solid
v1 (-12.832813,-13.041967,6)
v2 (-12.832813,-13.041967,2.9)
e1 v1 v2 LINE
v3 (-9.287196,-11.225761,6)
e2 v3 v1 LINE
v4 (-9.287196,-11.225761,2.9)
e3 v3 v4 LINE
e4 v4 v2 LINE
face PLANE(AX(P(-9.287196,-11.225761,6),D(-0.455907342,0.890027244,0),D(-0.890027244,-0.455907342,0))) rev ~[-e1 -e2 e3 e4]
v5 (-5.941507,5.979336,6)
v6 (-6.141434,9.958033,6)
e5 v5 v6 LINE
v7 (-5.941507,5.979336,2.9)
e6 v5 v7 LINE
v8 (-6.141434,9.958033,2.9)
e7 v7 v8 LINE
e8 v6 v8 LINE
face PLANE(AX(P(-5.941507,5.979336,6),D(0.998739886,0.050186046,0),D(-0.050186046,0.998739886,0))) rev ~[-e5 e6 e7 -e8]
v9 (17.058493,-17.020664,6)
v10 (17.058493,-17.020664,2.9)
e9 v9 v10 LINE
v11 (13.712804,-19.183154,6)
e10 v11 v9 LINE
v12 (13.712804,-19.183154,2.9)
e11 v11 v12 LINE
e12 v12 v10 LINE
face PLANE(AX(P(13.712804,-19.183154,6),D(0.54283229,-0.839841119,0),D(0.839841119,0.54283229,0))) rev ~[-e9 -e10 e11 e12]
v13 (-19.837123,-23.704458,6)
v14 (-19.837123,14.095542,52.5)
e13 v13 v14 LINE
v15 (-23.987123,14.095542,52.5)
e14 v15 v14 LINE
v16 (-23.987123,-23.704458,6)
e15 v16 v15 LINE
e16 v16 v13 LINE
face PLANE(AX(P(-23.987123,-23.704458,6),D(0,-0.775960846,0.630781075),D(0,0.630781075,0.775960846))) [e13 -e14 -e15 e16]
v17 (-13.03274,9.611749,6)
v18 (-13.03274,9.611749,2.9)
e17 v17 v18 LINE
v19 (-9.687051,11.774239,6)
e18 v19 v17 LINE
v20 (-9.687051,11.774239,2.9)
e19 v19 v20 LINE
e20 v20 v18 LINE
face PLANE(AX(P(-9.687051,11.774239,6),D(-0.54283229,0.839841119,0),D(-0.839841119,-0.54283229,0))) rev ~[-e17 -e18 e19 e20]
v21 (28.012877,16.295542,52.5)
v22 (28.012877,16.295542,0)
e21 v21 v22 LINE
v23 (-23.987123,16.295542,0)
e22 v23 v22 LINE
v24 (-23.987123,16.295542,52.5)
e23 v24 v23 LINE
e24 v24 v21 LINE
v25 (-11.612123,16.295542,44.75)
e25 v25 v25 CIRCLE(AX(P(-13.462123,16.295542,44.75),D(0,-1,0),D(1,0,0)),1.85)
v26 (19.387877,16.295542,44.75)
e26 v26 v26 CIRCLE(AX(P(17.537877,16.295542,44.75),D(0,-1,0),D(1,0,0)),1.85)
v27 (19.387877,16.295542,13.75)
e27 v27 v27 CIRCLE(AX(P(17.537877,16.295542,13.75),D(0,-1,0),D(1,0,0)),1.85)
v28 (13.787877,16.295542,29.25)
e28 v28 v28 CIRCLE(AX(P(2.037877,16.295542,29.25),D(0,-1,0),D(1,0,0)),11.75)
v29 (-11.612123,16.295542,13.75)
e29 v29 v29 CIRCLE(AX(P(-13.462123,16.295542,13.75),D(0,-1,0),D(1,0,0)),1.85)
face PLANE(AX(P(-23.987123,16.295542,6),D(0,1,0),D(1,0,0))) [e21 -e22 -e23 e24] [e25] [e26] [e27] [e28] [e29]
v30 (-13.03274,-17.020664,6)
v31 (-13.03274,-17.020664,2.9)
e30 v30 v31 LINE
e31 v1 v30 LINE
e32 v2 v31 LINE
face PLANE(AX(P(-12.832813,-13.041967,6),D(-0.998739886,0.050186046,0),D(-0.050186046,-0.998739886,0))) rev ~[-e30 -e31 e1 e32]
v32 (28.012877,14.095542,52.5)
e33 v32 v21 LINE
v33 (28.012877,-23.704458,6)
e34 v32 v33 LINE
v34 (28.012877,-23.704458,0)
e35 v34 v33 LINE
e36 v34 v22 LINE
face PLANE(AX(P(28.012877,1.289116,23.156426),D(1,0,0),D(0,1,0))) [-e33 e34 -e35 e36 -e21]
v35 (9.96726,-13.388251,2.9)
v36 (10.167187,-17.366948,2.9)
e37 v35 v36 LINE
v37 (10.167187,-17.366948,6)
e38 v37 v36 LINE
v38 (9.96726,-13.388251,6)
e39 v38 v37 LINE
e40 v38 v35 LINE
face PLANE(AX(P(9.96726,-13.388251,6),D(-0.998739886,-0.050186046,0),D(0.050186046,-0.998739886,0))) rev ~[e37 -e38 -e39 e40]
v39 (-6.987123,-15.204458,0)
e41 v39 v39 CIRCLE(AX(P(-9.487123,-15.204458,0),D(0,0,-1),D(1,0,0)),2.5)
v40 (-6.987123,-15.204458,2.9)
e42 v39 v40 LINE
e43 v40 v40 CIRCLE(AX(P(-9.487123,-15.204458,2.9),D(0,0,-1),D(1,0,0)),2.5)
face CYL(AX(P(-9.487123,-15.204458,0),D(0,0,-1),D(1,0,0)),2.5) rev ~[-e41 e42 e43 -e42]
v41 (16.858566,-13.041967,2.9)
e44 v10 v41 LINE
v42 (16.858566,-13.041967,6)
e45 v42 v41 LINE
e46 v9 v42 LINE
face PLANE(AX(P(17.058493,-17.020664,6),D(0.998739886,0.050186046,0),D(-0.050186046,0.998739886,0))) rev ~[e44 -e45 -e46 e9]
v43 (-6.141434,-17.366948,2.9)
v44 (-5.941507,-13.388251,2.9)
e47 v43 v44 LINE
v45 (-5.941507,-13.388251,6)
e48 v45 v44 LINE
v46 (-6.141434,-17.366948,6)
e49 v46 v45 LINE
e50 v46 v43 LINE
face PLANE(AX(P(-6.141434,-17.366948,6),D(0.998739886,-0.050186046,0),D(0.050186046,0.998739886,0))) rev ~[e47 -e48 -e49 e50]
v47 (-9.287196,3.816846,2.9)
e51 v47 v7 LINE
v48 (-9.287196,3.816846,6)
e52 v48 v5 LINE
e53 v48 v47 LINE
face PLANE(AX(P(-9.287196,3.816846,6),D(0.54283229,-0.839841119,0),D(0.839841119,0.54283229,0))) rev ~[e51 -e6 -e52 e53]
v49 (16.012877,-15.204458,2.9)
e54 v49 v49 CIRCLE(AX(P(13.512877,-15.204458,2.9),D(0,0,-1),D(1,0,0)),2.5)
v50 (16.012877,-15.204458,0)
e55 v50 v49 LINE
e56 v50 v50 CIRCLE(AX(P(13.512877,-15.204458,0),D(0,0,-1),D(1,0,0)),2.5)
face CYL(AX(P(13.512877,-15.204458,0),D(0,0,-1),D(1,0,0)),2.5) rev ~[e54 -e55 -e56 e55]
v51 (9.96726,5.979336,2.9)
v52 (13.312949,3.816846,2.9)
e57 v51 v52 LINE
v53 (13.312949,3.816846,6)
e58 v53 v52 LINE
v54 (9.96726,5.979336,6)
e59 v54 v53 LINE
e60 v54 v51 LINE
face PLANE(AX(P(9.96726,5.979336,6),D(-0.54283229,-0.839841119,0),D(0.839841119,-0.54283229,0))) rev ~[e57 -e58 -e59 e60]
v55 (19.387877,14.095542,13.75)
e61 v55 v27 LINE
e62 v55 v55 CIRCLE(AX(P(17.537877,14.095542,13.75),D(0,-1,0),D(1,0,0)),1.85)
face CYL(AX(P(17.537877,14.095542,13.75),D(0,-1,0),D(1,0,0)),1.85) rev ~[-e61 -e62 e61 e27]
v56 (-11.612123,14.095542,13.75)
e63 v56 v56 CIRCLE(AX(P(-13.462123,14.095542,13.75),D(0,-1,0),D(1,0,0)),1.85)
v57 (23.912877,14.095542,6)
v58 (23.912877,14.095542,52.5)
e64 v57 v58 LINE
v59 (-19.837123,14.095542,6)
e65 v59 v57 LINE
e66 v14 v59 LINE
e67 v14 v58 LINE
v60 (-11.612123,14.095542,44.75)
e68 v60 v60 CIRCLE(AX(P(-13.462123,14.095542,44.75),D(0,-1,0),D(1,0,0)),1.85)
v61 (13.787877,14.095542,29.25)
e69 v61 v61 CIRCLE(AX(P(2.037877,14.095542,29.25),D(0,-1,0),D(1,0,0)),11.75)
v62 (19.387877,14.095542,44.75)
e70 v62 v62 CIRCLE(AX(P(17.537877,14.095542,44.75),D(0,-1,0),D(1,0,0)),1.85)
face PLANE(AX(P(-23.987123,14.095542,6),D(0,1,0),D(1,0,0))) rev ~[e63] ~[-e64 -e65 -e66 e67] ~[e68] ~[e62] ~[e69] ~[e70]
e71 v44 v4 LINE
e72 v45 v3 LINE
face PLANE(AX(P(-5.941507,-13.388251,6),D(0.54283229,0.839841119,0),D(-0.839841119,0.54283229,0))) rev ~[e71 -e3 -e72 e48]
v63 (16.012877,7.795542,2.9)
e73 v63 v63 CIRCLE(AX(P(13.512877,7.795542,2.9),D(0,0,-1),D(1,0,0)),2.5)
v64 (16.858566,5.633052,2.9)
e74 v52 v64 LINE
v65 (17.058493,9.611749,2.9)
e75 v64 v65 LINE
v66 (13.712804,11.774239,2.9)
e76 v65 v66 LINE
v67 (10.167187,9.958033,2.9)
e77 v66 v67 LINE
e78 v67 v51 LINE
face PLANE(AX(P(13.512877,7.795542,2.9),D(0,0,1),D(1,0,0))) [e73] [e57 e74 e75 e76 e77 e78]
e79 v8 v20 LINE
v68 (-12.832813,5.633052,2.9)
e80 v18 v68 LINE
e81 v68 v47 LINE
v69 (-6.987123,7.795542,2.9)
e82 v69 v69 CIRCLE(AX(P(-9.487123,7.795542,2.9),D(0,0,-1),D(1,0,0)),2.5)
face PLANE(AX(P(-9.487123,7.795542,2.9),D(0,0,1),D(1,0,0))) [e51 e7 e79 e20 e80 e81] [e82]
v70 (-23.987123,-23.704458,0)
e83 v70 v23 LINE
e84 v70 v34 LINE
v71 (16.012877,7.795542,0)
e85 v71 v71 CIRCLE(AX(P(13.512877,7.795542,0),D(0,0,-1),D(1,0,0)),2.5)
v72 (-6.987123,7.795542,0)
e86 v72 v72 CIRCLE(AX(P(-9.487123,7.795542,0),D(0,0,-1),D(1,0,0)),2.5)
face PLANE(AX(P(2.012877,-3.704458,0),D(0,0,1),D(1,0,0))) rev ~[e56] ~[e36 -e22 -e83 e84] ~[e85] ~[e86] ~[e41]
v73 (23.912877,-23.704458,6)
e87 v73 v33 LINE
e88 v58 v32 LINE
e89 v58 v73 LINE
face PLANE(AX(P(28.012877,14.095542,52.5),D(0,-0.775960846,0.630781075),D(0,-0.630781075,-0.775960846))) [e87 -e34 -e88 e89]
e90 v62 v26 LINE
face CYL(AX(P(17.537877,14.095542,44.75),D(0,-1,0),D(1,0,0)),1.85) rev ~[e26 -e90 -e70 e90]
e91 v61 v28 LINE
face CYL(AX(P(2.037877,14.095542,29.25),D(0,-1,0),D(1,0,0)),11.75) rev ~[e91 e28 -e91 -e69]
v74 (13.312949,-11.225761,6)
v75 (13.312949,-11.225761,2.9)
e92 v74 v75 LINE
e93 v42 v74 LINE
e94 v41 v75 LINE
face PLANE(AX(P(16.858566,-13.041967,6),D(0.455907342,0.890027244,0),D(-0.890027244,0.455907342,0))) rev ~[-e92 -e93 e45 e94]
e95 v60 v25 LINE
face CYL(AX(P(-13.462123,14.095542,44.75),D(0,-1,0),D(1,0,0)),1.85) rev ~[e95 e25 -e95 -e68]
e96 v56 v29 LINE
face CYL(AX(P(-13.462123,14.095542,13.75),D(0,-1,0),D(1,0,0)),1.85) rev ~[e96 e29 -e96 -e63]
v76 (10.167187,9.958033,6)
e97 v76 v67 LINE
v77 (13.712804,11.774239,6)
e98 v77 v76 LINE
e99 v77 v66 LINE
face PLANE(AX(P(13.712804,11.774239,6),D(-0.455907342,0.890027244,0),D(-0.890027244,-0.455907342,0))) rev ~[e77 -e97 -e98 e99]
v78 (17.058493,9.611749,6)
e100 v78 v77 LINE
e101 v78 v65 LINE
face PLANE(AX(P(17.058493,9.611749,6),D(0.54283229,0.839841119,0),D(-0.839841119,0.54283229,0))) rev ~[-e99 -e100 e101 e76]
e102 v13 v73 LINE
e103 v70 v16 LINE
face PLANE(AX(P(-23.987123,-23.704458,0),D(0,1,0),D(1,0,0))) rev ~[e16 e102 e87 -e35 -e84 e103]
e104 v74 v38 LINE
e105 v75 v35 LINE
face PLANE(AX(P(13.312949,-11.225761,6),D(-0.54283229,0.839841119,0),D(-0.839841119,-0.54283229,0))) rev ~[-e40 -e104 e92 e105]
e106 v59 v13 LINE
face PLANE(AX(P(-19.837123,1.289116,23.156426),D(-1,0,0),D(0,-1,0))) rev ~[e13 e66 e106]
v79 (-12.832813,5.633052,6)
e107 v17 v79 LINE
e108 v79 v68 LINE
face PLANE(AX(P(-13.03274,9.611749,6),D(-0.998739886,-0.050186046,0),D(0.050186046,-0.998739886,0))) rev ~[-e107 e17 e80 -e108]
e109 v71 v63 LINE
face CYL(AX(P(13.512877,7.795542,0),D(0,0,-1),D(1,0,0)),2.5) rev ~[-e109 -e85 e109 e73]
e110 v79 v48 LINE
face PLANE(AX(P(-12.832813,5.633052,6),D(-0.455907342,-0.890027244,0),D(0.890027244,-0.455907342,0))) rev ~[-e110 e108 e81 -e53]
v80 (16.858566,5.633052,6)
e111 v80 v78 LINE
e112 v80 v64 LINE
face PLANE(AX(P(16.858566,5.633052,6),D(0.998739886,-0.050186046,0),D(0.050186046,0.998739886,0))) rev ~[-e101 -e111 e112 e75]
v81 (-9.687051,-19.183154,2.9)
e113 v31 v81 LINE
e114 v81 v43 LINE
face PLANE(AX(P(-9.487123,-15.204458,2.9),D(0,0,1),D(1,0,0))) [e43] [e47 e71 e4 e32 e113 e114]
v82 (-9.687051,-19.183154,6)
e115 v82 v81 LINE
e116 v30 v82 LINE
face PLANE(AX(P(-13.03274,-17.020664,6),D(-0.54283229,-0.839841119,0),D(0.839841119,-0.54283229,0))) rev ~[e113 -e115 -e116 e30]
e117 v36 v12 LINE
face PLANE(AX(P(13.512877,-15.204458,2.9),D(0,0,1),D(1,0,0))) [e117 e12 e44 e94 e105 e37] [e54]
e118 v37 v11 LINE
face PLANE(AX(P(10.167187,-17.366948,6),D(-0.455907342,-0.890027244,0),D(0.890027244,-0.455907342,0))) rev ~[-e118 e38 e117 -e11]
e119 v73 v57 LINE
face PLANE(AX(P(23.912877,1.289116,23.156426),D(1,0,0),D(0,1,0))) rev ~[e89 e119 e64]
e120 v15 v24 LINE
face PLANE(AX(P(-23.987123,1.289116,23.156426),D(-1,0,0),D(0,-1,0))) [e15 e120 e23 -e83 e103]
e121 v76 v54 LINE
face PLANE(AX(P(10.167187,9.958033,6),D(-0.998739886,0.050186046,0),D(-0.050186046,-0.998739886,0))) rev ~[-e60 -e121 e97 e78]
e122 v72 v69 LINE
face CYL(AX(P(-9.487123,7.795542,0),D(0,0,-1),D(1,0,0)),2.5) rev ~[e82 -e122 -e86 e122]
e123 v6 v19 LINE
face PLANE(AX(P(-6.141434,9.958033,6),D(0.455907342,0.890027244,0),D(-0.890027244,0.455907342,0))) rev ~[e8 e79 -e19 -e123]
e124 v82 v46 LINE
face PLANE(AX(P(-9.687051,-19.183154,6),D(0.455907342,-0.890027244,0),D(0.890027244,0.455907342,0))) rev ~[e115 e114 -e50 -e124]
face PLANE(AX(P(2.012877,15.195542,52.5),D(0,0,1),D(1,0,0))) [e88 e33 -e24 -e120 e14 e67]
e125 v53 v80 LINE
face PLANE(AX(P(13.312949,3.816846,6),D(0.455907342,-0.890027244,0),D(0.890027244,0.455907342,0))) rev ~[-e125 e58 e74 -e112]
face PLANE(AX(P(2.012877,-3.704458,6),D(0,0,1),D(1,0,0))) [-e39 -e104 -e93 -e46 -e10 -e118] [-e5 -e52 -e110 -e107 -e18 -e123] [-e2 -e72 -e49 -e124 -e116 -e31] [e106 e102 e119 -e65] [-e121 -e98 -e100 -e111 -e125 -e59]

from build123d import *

# Parameters (mm, degrees)
F0_W      = 52
F0_H      = 40
F1_DEPTH  = 6
F2_W      = 52
F2_H      = 2.2
F3_DEPTH  = 46.5
F5_DEPTH  = 4.1
F7_DEPTH  = 4.15
F8_R      = 11.75
F8_R_2    = 1.85
F9_DEPTH  = 25
F10_R     = 2.5
F11_DEPTH = 25
F13_DEPTH = 3.1


with BuildPart() as f1:
    # F0 (on Top) → F1 (new body)
    with BuildSketch(Plane.XY):
        with Locations((2.012877, -3.704458)):
            Rectangle(F0_W, F0_H)
    extrude(amount=F1_DEPTH)

    # F2 (on face) → F3 (join)
    with BuildSketch(Plane.XY.offset(6)):
        with Locations((2.012877, 15.195542)):
            Rectangle(F2_W, F2_H)
    extrude(amount=F3_DEPTH)

    # F4 (on face) → F5 (join)
    with BuildSketch(Plane.YZ.offset(28.012877)):
        Polygon((14.095542, 52.5), (-23.704458, 6), (14.095542, 6), align=None)
    extrude(amount=-F5_DEPTH)

    # F6 (on face) → F7 (join)
    with BuildSketch(Plane(origin=(-23.987123, 0, 0), x_dir=(0, -1, 0), z_dir=(-1, 0, 0))):
        Polygon((23.704458, 6), (-14.095542, 52.5), (-14.095542, 6), align=None)
    extrude(amount=-F7_DEPTH)

    # F8 (on face) → F9 (cut)
    with BuildSketch(Plane.XZ.offset(-14.095542)):
        with Locations((2.037877, 29.25)):
            Circle(F8_R)
        with Locations((17.537877, 44.75)):
            Circle(F8_R_2)
        with Locations((-13.462123, 44.75)):
            Circle(F8_R_2)
        with Locations((-13.462123, 13.75)):
            Circle(F8_R_2)
        with Locations((17.537877, 13.75)):
            Circle(F8_R_2)
    extrude(amount=-F9_DEPTH, mode=Mode.SUBTRACT)

    # F10 (on face) → F11 (cut)
    with BuildSketch(Plane(origin=(0, 0, 0), x_dir=(1, 0, 0), z_dir=(0, 0, -1))):
        with Locations((13.512877, 15.204458)):
            Circle(F10_R)
        with Locations((-9.487123, 15.204458)):
            Circle(F10_R)
        with Locations((-9.487123, -7.795542)):
            Circle(F10_R)
        with Locations((13.512877, -7.795542)):
            Circle(F10_R)
    extrude(amount=-F11_DEPTH, mode=Mode.SUBTRACT)

    # F12 (on face) → F13 (cut)
    with BuildSketch(Plane.XY.offset(6)):
        Polygon((13.312949, -11.225761), (9.96726, -13.388251), (10.167187, -17.366948), (13.712804, -19.183154), (17.058493, -17.020664), (16.858566, -13.041967), align=None)
        Polygon((13.712804, 11.774239), (10.167187, 9.958033), (9.96726, 5.979336), (13.312949, 3.816846), (16.858566, 5.633052), (17.058493, 9.611749), align=None)
        Polygon((-13.03274, -17.020664), (-9.687051, -19.183154), (-6.141434, -17.366948), (-5.941507, -13.388251), (-9.287196, -11.225761), (-12.832813, -13.041967), align=None)
        Polygon((-5.941507, 5.979336), (-6.141434, 9.958033), (-9.687051, 11.774239), (-13.03274, 9.611749), (-12.832813, 5.633052), (-9.287196, 3.816846), align=None)
    extrude(amount=-F13_DEPTH, mode=Mode.SUBTRACT)


solid = f1.part
